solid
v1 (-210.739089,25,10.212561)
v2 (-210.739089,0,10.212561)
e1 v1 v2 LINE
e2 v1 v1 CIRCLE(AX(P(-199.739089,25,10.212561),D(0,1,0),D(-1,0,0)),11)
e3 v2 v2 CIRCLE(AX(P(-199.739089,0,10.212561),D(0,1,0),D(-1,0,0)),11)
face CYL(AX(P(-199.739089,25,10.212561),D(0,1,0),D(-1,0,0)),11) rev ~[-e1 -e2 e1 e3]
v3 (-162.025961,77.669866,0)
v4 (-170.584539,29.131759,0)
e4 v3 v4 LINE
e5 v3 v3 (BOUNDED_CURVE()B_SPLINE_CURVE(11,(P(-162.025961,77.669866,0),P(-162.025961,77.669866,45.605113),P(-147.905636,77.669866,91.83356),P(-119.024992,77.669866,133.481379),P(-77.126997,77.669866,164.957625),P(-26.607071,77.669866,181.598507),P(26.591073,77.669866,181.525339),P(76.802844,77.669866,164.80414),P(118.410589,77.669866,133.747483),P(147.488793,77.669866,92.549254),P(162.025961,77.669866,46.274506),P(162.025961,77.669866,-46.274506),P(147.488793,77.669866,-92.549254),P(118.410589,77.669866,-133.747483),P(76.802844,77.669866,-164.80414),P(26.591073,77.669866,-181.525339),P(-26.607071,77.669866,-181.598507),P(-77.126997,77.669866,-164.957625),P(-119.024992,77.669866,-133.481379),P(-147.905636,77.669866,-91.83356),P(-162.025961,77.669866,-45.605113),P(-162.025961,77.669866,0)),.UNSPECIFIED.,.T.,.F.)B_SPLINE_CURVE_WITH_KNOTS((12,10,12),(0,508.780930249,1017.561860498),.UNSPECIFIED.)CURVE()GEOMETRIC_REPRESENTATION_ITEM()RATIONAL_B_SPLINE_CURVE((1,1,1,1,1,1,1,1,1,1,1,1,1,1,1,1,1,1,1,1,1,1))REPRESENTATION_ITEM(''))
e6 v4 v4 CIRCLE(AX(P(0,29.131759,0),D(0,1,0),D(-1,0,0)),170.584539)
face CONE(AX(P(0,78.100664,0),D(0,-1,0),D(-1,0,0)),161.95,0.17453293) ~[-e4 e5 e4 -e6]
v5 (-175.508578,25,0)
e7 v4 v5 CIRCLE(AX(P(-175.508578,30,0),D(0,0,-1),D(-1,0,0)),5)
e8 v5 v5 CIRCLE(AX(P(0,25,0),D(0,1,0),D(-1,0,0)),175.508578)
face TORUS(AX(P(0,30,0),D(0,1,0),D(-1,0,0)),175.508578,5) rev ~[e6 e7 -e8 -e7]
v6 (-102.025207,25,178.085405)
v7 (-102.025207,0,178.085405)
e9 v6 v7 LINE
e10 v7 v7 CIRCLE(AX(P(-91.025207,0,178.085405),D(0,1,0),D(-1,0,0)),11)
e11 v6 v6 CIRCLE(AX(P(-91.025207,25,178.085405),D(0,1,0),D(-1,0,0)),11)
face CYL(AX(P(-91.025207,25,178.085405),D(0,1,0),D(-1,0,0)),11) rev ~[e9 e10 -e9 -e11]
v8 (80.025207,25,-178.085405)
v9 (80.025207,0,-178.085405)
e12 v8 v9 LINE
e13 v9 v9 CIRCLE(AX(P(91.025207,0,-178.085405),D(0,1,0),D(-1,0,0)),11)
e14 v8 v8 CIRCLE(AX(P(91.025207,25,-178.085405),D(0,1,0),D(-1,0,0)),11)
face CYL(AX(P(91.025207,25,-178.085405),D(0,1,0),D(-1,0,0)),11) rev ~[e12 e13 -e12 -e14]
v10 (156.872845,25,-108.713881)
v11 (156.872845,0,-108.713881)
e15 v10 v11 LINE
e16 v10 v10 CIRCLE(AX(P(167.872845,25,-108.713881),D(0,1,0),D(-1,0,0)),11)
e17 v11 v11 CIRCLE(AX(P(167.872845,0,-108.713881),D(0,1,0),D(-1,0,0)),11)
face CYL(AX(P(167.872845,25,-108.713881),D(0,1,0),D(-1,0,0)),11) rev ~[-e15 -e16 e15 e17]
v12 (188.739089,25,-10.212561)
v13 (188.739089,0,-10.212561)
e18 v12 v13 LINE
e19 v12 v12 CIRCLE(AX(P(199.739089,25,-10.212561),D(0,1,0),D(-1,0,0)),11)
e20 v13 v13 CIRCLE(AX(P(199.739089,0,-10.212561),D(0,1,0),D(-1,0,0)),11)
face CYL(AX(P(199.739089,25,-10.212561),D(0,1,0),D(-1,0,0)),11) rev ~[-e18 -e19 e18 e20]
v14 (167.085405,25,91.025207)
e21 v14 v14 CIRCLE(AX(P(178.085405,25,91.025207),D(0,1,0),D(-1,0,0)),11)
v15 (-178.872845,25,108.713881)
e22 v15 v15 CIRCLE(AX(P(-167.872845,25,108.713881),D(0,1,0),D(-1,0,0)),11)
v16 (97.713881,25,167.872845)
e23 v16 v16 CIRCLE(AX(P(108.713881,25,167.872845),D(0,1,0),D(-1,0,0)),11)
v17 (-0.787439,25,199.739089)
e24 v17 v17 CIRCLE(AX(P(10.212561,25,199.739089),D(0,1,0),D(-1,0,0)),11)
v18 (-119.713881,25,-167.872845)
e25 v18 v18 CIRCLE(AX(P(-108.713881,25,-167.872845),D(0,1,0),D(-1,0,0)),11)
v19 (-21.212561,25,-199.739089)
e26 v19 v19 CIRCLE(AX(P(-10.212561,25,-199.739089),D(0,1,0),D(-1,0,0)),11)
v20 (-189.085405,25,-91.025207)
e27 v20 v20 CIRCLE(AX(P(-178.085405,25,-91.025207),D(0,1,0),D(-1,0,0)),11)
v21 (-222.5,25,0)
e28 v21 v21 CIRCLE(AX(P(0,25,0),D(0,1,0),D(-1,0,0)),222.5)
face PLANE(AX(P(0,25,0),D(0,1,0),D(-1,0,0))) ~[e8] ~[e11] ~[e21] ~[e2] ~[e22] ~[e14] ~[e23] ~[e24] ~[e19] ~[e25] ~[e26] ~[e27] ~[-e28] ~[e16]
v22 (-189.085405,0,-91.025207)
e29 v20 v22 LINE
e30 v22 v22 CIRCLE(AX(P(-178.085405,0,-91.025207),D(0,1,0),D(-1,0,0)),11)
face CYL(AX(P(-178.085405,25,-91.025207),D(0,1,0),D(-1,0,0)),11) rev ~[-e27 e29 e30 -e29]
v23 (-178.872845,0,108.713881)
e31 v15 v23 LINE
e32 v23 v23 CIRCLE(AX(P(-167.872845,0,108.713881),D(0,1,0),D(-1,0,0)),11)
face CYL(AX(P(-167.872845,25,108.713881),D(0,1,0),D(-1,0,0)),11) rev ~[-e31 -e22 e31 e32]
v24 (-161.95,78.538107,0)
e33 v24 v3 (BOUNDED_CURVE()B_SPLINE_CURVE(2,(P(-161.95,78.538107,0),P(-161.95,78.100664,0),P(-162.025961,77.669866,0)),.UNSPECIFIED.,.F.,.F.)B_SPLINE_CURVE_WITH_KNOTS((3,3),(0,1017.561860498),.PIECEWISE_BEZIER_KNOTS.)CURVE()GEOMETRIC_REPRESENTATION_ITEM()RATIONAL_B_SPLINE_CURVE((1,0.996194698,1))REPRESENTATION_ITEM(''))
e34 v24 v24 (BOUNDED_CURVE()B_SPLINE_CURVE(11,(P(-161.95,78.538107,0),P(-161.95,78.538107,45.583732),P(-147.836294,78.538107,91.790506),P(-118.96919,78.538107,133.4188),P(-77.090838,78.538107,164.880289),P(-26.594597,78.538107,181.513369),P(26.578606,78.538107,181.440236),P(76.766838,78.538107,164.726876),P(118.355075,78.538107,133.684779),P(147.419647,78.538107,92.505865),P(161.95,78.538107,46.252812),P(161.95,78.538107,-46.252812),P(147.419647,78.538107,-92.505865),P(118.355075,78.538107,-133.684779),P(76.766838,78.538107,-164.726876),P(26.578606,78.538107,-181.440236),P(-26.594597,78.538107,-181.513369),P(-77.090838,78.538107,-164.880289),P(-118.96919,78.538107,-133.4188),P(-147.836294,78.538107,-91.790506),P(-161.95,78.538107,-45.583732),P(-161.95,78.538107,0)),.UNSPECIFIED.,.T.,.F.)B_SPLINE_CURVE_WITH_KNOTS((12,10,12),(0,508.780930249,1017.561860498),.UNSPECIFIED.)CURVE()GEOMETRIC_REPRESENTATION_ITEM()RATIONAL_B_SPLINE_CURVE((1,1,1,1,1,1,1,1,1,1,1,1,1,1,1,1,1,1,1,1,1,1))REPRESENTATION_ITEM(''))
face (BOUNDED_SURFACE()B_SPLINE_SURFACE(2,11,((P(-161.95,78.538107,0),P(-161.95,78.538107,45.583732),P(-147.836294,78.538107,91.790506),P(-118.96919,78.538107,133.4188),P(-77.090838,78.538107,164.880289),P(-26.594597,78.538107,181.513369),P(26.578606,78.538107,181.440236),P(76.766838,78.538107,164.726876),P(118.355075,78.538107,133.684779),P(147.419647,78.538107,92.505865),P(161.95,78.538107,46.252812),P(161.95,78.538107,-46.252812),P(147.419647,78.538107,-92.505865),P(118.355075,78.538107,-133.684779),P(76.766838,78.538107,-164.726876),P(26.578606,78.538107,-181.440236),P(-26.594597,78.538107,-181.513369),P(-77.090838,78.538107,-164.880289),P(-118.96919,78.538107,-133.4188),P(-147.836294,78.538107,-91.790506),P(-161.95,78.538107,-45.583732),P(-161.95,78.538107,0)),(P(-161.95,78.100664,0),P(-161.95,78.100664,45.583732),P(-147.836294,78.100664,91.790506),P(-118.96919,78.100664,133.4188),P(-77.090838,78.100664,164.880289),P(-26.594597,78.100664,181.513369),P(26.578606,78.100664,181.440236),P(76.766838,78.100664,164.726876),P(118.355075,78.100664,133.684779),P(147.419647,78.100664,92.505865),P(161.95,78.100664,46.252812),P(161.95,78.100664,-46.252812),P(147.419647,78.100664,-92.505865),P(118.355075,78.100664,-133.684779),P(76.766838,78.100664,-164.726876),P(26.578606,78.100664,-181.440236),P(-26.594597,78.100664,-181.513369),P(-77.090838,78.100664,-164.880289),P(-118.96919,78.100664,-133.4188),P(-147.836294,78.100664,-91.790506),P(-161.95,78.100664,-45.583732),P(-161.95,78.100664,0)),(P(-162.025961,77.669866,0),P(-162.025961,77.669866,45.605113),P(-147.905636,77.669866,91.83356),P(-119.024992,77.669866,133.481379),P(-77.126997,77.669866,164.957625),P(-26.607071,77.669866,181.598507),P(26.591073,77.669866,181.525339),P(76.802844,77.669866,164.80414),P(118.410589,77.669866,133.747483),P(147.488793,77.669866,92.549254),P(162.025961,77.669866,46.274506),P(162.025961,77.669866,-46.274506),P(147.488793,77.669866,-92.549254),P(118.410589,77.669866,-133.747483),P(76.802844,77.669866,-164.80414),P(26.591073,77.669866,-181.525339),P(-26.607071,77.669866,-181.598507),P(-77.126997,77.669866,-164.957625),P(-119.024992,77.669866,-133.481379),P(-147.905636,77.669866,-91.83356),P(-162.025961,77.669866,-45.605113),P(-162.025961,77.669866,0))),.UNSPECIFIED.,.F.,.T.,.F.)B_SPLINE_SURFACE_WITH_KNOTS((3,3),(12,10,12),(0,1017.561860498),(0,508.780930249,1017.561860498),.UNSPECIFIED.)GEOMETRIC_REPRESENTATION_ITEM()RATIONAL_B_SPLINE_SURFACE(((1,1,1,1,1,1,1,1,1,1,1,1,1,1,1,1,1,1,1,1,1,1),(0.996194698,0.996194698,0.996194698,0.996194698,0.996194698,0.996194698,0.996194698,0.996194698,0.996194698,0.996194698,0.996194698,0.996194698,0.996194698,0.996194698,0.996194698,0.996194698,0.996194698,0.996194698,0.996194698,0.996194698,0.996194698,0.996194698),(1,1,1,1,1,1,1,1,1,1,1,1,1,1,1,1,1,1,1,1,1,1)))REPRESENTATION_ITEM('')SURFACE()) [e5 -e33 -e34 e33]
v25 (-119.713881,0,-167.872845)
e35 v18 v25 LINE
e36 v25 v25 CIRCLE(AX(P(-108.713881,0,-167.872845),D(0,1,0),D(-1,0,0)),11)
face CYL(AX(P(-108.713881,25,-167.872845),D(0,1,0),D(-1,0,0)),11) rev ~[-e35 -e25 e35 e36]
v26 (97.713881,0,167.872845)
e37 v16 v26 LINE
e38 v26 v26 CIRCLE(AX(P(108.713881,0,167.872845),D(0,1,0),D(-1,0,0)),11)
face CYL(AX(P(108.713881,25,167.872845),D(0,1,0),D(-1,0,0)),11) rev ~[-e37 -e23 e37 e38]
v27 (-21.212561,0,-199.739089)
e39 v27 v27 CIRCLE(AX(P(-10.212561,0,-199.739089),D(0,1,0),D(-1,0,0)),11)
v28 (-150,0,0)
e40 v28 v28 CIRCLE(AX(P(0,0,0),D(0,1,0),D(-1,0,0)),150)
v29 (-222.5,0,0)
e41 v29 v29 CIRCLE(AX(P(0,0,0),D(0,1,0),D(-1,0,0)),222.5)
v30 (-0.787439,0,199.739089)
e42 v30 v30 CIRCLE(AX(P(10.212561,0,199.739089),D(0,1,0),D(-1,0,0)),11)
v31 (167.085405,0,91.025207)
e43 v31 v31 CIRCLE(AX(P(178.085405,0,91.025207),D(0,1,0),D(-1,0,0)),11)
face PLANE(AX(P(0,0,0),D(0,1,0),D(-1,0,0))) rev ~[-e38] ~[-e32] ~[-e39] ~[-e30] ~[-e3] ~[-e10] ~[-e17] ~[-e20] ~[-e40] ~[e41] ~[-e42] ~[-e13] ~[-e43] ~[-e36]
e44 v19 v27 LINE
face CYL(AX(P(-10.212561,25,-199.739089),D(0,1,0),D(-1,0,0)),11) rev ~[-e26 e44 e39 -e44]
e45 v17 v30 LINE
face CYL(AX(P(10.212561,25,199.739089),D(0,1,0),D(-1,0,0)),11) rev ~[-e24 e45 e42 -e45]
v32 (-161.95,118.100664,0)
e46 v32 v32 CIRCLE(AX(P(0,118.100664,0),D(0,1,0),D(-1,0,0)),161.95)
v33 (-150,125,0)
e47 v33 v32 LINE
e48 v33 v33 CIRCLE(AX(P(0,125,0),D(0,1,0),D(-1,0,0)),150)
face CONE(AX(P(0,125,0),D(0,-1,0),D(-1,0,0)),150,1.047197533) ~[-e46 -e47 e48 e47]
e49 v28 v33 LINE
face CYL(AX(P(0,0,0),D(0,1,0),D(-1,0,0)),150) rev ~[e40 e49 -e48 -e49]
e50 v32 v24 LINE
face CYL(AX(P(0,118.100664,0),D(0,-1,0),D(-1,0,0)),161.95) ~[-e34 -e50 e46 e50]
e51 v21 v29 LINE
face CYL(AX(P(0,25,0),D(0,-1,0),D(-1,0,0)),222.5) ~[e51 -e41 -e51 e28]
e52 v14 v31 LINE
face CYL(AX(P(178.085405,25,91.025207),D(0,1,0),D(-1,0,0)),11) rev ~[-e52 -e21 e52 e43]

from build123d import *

# Parameters (mm, degrees)
F2_R     = 5
F3_R     = 11
F4_DEPTH = 30


with BuildPart() as f1:
    # F0 (on Top) → F1 (revolve)
    with BuildSketch(Plane.XY):
        Polygon((-222.5, 0), (-150, 0), (-150, 125), (-161.95, 118.100664), (-161.95, 78.100664), (-171.31308, 25), (-222.5, 25), align=None)
    revolve(axis=Axis((0, 128.547966, 0), (0, 1, 0)))

    # F2
    f2_edges = [f1.edges().sort_by_distance(p)[0] for p in [
        (171.31308, 25, 0),
        (161.95, 78.100664, 0),
    ]]
    fillet(f2_edges, radius=F2_R)

    # F3 (on face) → F4 (cut)
    with BuildSketch(Plane(origin=(0, 25, 0), x_dir=(-1, 0, 0), z_dir=(0, 1, 0))):
        with Locations((108.713881, -167.872845)):
            Circle(F3_R)
        with Locations((178.085405, -91.025207)):
            Circle(F3_R)
        with Locations((199.739089, 10.212561)):
            Circle(F3_R)
        with Locations((167.872845, 108.713881)):
            Circle(F3_R)
        with Locations((91.025207, 178.085405)):
            Circle(F3_R)
        with Locations((-10.212561, 199.739089)):
            Circle(F3_R)
        with Locations((-108.713881, 167.872845)):
            Circle(F3_R)
        with Locations((-178.085405, 91.025207)):
            Circle(F3_R)
        with Locations((-199.739089, -10.212561)):
            Circle(F3_R)
        with Locations((-167.872845, -108.713881)):
            Circle(F3_R)
        with Locations((-91.025207, -178.085405)):
            Circle(F3_R)
        with Locations((10.212561, -199.739089)):
            Circle(F3_R)
    extrude(amount=-F4_DEPTH, mode=Mode.SUBTRACT)


solid = f1.part
